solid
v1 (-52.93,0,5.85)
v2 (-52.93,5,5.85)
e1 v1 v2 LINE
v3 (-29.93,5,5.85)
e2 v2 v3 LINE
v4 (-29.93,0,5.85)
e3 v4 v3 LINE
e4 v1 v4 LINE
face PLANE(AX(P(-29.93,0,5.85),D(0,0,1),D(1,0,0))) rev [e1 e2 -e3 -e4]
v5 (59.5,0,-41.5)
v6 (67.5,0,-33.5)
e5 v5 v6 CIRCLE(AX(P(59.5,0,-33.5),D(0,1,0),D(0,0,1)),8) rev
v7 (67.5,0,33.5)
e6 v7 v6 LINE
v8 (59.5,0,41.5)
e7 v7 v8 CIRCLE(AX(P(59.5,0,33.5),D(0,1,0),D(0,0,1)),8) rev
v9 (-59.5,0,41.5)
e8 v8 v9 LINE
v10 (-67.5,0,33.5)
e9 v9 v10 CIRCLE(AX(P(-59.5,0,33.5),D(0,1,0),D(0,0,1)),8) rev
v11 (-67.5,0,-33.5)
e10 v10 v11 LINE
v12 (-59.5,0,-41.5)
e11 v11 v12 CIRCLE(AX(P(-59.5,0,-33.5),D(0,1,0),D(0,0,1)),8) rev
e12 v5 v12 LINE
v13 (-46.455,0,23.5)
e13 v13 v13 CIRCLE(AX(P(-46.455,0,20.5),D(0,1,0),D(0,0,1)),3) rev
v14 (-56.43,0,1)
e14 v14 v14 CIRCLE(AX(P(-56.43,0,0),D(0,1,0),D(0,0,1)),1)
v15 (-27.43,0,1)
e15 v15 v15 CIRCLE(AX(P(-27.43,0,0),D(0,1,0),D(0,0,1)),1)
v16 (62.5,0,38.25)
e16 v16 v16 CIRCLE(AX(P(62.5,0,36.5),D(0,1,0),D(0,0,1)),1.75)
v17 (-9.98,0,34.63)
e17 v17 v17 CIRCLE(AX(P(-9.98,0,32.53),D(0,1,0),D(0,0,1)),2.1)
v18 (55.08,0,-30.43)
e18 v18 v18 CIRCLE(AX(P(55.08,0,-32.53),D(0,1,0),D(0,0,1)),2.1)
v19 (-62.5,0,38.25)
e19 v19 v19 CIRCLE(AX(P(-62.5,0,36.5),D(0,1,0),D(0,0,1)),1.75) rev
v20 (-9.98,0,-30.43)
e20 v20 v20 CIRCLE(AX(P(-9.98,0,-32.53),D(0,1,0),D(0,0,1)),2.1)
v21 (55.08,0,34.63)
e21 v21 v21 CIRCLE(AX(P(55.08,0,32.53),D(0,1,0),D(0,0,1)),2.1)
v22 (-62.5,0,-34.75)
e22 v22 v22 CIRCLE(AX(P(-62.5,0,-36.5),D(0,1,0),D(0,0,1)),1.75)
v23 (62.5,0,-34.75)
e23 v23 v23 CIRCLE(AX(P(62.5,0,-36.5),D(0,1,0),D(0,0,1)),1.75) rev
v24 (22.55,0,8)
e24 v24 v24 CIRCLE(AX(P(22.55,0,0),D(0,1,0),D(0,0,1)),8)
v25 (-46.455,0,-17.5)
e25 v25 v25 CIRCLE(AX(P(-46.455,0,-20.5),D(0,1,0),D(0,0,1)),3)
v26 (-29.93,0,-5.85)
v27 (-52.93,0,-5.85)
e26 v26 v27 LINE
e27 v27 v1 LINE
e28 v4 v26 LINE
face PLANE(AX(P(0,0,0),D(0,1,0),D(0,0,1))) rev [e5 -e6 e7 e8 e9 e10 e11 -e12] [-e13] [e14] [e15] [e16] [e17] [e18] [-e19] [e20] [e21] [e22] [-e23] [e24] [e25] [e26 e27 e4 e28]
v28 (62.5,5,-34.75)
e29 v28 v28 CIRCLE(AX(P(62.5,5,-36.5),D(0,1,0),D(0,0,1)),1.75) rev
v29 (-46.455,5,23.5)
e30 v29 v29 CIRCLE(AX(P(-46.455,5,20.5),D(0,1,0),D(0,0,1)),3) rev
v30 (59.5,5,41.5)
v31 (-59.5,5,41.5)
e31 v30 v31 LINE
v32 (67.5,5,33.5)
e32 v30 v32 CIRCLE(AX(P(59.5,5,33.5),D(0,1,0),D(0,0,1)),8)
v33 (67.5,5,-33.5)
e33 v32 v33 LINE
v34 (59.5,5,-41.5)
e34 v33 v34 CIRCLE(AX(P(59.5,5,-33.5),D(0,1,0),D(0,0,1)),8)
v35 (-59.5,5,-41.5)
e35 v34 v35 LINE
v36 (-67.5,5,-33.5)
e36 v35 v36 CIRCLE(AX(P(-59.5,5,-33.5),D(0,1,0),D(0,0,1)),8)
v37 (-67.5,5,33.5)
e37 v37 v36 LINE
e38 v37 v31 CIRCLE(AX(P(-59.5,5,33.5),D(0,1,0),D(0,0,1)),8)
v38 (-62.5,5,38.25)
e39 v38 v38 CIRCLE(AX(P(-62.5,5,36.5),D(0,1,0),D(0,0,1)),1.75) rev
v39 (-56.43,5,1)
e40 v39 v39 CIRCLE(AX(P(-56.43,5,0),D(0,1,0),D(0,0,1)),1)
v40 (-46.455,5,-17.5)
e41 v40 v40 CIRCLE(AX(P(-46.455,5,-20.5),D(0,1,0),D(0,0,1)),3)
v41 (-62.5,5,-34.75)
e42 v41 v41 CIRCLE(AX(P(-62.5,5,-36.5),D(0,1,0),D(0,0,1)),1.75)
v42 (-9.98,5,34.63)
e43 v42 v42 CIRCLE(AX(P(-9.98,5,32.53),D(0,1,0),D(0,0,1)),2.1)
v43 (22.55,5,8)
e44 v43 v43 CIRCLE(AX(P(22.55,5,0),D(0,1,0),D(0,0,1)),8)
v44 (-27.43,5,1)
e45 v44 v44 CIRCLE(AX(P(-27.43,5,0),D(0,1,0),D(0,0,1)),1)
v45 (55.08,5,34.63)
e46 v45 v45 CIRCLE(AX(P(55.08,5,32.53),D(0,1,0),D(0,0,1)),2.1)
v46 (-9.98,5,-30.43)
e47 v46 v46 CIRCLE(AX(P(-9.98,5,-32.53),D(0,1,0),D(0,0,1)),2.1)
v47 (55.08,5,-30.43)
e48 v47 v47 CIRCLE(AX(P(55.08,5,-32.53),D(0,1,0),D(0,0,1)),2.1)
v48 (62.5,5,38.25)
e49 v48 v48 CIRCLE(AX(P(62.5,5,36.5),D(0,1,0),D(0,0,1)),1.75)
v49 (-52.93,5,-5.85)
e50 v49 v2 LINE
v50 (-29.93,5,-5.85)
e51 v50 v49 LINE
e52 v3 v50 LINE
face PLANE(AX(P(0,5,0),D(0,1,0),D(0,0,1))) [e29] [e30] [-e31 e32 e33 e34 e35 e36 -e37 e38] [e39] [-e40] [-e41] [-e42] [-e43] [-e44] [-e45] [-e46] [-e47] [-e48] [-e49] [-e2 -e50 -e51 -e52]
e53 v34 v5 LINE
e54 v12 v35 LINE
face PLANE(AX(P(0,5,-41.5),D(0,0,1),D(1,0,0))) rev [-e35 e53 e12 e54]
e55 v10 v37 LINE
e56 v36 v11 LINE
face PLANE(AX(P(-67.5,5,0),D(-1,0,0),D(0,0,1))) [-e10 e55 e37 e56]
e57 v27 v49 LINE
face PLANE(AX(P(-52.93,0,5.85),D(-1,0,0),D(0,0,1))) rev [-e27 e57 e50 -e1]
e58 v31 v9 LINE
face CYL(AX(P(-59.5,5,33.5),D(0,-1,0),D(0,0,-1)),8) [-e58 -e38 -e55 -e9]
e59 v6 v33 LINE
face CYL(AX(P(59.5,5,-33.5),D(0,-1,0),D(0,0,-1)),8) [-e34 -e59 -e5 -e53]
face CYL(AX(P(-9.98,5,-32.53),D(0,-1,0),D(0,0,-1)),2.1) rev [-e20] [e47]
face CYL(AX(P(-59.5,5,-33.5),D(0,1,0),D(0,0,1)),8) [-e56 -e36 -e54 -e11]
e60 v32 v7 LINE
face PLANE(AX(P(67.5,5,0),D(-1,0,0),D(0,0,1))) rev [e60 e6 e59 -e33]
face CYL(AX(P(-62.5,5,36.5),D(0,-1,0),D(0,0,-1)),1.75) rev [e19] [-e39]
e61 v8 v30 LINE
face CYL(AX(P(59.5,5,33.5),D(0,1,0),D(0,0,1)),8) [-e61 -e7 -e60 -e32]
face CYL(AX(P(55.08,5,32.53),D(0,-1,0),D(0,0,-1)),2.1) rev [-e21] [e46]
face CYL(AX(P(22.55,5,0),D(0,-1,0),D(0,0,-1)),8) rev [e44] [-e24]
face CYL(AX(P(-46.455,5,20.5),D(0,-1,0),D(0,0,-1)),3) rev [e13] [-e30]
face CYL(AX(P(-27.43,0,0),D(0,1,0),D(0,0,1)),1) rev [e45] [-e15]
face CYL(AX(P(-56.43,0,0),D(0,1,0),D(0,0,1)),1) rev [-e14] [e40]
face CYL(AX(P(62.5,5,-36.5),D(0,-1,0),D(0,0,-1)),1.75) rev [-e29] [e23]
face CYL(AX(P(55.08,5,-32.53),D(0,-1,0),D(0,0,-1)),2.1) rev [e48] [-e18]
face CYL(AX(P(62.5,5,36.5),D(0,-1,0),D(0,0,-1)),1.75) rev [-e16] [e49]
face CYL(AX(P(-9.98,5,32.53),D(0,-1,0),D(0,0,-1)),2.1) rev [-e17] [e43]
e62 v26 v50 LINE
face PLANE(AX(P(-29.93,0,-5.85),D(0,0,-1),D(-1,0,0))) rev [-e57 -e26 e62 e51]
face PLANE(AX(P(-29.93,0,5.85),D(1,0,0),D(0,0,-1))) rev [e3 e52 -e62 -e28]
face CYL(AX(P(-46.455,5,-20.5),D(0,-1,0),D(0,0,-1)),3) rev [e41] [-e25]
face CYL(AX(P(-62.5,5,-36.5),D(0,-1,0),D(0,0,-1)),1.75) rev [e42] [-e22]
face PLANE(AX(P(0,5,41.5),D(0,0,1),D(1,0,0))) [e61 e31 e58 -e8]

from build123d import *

# Parameters (mm, degrees)
SKETCH1_W           = 135
SKETCH1_H           = 83
SKETCH1_R           = 2.1
SKETCH1_R_2         = 8
SKETCH1_R_3         = 3
SKETCH1_R_4         = 4.725
SKETCH1_R_5         = 1.75
BOSS_EXTRUDE1_DEPTH = 5
SKETCH3_R           = 1
SKETCH3_W           = 23
SKETCH3_H           = 11.7
CUT_EXTRUDE1_DEPTH  = 80.394584198
FILLET1_R           = 8


with BuildPart() as part:
    # Sketch1 → Boss-Extrude1 (new body)
    with BuildSketch(Plane(origin=(0, 0, 0), x_dir=(1, 0, 0), z_dir=(0, 1, 0))):
        Rectangle(SKETCH1_W, SKETCH1_H)
        with Locations(Location((-9.98, 32.53, 0), (0, 0, 270))):
            Circle(SKETCH1_R, mode=Mode.SUBTRACT)
        with Locations(Location((55.08, 32.53, 0), (0, 0, 270))):
            Circle(SKETCH1_R, mode=Mode.SUBTRACT)
        with Locations(Location((55.08, -32.53, 0), (0, 0, 270))):
            Circle(SKETCH1_R, mode=Mode.SUBTRACT)
        with Locations(Location((-9.98, -32.53, 0), (0, 0, 270))):
            Circle(SKETCH1_R, mode=Mode.SUBTRACT)
        with Locations(Location((22.55, 0, 0), (0, 0, 270))):
            Circle(SKETCH1_R_2, mode=Mode.SUBTRACT)
        with Locations(Location((-46.455, 20.5, 0), (0, 0, 270))):
            Circle(SKETCH1_R_3, mode=Mode.SUBTRACT)
        with Locations(Location((-35.78, 0, 0), (0, 0, 270))):
            Circle(SKETCH1_R_4, mode=Mode.SUBTRACT)
        with Locations(Location((-46.455, -20.5, 0), (0, 0, 270))):
            Circle(SKETCH1_R_3, mode=Mode.SUBTRACT)
        with Locations(Location((-62.5, 36.5, 0), (0, 0, 270))):
            Circle(SKETCH1_R_5, mode=Mode.SUBTRACT)
        with Locations(Location((62.5, 36.5, 0), (0, 0, 270))):
            Circle(SKETCH1_R_5, mode=Mode.SUBTRACT)
        with Locations(Location((62.5, -36.5, 0), (0, 0, 270))):
            Circle(SKETCH1_R_5, mode=Mode.SUBTRACT)
        with Locations(Location((-62.5, -36.5, 0), (0, 0, 270))):
            Circle(SKETCH1_R_5, mode=Mode.SUBTRACT)
    extrude(amount=BOSS_EXTRUDE1_DEPTH)

    # Sketch3 → Cut-Extrude1 (cut, through all)
    with BuildSketch(Plane(origin=(0, 5, 0), x_dir=(1, 0, 0), z_dir=(0, 1, 0))):
        with Locations(Location((-27.43, 0, 0), (0, 0, 270))):
            Circle(SKETCH3_R)
        with Locations(Location((-56.43, 0, 0), (0, 0, 270))):
            Circle(SKETCH3_R)
        with Locations((-41.43, 0)):
            Rectangle(SKETCH3_W, SKETCH3_H)
    extrude(amount=-CUT_EXTRUDE1_DEPTH, mode=Mode.SUBTRACT)

    # Fillet1
    fillet1_edges = [part.edges().sort_by_distance(p)[0] for p in [
        (-67.5, 2.5, -41.5),
        (67.5, 2.5, -41.5),
        (67.5, 2.5, 41.5),
        (-67.5, 2.5, 41.5),
    ]]
    fillet(fillet1_edges, radius=FILLET1_R)


solid = part.part
